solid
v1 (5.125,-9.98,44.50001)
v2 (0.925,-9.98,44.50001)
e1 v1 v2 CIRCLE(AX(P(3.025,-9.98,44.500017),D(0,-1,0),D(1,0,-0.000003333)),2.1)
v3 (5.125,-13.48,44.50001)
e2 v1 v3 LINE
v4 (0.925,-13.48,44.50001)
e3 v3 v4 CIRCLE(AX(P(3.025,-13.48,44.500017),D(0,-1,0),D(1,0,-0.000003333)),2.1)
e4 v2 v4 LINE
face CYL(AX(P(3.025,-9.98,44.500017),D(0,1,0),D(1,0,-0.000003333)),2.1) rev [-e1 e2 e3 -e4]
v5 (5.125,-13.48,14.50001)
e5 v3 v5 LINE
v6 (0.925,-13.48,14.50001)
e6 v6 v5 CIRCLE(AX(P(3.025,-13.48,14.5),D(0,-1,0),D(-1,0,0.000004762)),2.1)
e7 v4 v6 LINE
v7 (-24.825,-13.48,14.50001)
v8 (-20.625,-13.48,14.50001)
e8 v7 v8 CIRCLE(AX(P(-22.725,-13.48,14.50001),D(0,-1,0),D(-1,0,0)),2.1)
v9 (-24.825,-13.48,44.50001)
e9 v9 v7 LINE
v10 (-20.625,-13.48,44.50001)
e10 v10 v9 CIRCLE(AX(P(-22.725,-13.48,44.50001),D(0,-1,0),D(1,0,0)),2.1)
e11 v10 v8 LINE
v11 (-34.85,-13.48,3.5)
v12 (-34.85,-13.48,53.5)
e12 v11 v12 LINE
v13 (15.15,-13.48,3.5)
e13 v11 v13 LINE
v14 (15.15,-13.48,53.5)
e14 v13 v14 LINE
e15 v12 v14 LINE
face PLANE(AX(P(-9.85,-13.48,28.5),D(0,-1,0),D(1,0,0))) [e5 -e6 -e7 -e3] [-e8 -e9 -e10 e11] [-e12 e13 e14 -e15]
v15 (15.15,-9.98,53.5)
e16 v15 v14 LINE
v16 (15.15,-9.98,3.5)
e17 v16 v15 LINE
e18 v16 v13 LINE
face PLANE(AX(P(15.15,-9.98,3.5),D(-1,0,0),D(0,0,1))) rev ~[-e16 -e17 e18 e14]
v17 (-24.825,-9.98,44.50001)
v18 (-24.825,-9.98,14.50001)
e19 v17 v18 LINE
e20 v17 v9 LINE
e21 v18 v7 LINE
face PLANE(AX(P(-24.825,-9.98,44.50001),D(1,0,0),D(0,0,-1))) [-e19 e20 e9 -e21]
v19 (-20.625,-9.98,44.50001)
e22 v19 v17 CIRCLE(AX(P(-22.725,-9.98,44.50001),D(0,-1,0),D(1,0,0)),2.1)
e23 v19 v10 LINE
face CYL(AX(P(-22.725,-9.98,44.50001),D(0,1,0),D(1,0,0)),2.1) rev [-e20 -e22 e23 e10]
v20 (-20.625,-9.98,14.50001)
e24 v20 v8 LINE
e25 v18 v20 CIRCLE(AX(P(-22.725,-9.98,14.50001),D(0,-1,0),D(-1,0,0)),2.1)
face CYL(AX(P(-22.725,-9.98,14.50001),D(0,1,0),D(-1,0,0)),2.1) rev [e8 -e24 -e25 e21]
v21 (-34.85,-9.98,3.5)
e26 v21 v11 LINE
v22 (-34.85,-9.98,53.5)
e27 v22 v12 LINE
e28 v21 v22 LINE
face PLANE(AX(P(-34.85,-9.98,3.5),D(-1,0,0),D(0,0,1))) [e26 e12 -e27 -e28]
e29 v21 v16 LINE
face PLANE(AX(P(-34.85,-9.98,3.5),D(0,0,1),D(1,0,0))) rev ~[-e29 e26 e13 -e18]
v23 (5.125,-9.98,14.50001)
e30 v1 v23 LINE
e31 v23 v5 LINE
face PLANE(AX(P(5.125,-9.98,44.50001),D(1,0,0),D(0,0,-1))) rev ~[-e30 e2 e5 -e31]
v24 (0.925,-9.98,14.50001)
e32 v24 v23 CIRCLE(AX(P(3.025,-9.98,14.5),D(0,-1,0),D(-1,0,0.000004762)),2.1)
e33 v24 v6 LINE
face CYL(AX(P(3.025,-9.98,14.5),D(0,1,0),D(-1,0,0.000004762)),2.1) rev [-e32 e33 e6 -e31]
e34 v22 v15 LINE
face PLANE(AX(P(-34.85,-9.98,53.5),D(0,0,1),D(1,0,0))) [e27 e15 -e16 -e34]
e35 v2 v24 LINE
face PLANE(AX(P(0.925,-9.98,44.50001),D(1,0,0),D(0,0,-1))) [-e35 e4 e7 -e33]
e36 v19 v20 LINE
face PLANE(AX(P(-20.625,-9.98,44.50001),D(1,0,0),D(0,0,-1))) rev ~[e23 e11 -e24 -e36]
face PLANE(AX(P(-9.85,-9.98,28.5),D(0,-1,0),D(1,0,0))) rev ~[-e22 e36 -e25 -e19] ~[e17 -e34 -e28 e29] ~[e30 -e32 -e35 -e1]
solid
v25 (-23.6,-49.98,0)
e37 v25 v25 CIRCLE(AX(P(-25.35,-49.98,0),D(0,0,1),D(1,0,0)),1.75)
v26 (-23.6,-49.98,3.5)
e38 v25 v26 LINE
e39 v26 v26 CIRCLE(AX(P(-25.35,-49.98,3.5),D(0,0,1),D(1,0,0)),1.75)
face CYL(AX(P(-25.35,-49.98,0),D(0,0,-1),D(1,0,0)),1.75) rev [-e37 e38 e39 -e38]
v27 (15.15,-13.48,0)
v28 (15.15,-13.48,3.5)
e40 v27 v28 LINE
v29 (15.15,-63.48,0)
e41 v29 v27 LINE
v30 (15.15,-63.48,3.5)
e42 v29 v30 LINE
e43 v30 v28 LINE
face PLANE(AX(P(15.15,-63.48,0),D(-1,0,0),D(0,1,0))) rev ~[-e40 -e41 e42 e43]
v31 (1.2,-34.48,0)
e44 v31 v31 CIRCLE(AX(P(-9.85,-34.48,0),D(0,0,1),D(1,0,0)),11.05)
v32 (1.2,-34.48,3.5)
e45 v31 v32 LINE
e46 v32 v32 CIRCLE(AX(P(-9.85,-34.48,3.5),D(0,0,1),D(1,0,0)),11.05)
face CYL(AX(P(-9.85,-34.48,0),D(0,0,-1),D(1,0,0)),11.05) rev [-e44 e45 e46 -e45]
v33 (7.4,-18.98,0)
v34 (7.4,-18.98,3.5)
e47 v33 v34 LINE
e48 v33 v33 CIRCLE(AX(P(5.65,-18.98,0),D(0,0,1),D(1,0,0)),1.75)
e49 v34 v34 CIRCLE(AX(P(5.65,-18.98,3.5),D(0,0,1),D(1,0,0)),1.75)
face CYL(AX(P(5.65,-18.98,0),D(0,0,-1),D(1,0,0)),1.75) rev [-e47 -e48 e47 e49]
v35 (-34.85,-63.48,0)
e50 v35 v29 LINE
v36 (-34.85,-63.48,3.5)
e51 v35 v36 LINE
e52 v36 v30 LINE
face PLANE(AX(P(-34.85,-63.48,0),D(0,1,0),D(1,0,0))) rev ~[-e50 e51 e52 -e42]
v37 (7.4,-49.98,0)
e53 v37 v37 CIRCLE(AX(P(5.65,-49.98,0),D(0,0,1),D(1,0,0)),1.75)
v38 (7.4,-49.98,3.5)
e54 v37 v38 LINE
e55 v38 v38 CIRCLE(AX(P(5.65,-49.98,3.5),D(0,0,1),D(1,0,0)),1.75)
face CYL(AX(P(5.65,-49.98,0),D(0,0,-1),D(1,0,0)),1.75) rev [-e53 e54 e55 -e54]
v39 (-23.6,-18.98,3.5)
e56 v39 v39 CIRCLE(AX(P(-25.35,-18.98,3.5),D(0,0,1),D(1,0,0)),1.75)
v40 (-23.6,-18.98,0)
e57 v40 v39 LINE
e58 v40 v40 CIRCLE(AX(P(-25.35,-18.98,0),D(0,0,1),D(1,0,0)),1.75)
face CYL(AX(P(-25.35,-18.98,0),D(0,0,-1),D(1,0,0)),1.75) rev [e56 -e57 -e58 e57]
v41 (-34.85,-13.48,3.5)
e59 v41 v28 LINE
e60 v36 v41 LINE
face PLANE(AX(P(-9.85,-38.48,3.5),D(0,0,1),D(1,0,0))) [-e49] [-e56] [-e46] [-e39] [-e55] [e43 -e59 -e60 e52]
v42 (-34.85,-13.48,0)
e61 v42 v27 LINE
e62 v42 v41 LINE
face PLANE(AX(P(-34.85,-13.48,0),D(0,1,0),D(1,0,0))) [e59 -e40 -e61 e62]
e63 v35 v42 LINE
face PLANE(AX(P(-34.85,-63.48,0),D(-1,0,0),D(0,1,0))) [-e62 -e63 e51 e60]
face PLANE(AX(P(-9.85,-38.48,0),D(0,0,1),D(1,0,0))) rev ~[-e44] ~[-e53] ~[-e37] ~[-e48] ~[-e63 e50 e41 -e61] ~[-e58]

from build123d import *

# Parameters (mm, degrees)
SKETCH003_W      = 50
SKETCH003_H      = 50
EXTRUDE003_DEPTH = 3.5
SKETCH002_W      = 50
SKETCH002_H      = 50
SKETCH002_R      = 11.05
SKETCH002_R_2    = 1.75
EXTRUDE002_DEPTH = 3.5


with BuildPart() as mountplate:
    # Sketch003 → Extrude003 (new body)
    with BuildSketch(Plane(origin=(0, 28.5, 28.5), x_dir=(1, 0, 0), z_dir=(0, -1, 0))):
        Rectangle(SKETCH003_W, SKETCH003_H)
        with BuildLine():
            ThreePointArc((-10.775, 16.00001), (-12.875, 18.10001), (-14.975, 16.00001))
            Line((-14.975, 16.00001), (-14.975, -13.99999))
            ThreePointArc((-14.975, -13.99999), (-12.875, -16.09999), (-10.775, -13.99999))
            Line((-10.775, 16.00001), (-10.775, -13.99999))
        make_face(mode=Mode.SUBTRACT)
        with BuildLine():
            ThreePointArc((14.975, 16.00001), (12.875, 18.100017), (10.775, 16.00001))
            Line((10.775, 16.00001), (10.775, -13.99999))
            ThreePointArc((10.775, -13.99999), (12.875, -16.1), (14.975, -13.99999))
            Line((14.975, 16.00001), (14.975, -13.99999))
        make_face(mode=Mode.SUBTRACT)
    extrude(amount=EXTRUDE003_DEPTH)


with BuildPart() as nema17rightangle:
    # Sketch002 → Extrude002 (new body)
    with BuildSketch(Plane.XY):
        Rectangle(SKETCH002_W, SKETCH002_H)
        with Locations((0, 4)):
            Circle(SKETCH002_R, mode=Mode.SUBTRACT)
        with Locations((-15.5, 19.5)):
            Circle(SKETCH002_R_2, mode=Mode.SUBTRACT)
        with Locations((-15.5, -11.5)):
            Circle(SKETCH002_R_2, mode=Mode.SUBTRACT)
        with Locations((15.5, 19.5)):
            Circle(SKETCH002_R_2, mode=Mode.SUBTRACT)
        with Locations((15.5, -11.5)):
            Circle(SKETCH002_R_2, mode=Mode.SUBTRACT)
    extrude(amount=EXTRUDE002_DEPTH)

    # Fusion: union MountPlate
    add(mountplate.part)


with BuildPart() as nema17rightangle_1:
    # Fusion placement: moved
    add(nema17rightangle.part.moved(Location((-9.85, -38.48, 0))))


solid = nema17rightangle_1.part
